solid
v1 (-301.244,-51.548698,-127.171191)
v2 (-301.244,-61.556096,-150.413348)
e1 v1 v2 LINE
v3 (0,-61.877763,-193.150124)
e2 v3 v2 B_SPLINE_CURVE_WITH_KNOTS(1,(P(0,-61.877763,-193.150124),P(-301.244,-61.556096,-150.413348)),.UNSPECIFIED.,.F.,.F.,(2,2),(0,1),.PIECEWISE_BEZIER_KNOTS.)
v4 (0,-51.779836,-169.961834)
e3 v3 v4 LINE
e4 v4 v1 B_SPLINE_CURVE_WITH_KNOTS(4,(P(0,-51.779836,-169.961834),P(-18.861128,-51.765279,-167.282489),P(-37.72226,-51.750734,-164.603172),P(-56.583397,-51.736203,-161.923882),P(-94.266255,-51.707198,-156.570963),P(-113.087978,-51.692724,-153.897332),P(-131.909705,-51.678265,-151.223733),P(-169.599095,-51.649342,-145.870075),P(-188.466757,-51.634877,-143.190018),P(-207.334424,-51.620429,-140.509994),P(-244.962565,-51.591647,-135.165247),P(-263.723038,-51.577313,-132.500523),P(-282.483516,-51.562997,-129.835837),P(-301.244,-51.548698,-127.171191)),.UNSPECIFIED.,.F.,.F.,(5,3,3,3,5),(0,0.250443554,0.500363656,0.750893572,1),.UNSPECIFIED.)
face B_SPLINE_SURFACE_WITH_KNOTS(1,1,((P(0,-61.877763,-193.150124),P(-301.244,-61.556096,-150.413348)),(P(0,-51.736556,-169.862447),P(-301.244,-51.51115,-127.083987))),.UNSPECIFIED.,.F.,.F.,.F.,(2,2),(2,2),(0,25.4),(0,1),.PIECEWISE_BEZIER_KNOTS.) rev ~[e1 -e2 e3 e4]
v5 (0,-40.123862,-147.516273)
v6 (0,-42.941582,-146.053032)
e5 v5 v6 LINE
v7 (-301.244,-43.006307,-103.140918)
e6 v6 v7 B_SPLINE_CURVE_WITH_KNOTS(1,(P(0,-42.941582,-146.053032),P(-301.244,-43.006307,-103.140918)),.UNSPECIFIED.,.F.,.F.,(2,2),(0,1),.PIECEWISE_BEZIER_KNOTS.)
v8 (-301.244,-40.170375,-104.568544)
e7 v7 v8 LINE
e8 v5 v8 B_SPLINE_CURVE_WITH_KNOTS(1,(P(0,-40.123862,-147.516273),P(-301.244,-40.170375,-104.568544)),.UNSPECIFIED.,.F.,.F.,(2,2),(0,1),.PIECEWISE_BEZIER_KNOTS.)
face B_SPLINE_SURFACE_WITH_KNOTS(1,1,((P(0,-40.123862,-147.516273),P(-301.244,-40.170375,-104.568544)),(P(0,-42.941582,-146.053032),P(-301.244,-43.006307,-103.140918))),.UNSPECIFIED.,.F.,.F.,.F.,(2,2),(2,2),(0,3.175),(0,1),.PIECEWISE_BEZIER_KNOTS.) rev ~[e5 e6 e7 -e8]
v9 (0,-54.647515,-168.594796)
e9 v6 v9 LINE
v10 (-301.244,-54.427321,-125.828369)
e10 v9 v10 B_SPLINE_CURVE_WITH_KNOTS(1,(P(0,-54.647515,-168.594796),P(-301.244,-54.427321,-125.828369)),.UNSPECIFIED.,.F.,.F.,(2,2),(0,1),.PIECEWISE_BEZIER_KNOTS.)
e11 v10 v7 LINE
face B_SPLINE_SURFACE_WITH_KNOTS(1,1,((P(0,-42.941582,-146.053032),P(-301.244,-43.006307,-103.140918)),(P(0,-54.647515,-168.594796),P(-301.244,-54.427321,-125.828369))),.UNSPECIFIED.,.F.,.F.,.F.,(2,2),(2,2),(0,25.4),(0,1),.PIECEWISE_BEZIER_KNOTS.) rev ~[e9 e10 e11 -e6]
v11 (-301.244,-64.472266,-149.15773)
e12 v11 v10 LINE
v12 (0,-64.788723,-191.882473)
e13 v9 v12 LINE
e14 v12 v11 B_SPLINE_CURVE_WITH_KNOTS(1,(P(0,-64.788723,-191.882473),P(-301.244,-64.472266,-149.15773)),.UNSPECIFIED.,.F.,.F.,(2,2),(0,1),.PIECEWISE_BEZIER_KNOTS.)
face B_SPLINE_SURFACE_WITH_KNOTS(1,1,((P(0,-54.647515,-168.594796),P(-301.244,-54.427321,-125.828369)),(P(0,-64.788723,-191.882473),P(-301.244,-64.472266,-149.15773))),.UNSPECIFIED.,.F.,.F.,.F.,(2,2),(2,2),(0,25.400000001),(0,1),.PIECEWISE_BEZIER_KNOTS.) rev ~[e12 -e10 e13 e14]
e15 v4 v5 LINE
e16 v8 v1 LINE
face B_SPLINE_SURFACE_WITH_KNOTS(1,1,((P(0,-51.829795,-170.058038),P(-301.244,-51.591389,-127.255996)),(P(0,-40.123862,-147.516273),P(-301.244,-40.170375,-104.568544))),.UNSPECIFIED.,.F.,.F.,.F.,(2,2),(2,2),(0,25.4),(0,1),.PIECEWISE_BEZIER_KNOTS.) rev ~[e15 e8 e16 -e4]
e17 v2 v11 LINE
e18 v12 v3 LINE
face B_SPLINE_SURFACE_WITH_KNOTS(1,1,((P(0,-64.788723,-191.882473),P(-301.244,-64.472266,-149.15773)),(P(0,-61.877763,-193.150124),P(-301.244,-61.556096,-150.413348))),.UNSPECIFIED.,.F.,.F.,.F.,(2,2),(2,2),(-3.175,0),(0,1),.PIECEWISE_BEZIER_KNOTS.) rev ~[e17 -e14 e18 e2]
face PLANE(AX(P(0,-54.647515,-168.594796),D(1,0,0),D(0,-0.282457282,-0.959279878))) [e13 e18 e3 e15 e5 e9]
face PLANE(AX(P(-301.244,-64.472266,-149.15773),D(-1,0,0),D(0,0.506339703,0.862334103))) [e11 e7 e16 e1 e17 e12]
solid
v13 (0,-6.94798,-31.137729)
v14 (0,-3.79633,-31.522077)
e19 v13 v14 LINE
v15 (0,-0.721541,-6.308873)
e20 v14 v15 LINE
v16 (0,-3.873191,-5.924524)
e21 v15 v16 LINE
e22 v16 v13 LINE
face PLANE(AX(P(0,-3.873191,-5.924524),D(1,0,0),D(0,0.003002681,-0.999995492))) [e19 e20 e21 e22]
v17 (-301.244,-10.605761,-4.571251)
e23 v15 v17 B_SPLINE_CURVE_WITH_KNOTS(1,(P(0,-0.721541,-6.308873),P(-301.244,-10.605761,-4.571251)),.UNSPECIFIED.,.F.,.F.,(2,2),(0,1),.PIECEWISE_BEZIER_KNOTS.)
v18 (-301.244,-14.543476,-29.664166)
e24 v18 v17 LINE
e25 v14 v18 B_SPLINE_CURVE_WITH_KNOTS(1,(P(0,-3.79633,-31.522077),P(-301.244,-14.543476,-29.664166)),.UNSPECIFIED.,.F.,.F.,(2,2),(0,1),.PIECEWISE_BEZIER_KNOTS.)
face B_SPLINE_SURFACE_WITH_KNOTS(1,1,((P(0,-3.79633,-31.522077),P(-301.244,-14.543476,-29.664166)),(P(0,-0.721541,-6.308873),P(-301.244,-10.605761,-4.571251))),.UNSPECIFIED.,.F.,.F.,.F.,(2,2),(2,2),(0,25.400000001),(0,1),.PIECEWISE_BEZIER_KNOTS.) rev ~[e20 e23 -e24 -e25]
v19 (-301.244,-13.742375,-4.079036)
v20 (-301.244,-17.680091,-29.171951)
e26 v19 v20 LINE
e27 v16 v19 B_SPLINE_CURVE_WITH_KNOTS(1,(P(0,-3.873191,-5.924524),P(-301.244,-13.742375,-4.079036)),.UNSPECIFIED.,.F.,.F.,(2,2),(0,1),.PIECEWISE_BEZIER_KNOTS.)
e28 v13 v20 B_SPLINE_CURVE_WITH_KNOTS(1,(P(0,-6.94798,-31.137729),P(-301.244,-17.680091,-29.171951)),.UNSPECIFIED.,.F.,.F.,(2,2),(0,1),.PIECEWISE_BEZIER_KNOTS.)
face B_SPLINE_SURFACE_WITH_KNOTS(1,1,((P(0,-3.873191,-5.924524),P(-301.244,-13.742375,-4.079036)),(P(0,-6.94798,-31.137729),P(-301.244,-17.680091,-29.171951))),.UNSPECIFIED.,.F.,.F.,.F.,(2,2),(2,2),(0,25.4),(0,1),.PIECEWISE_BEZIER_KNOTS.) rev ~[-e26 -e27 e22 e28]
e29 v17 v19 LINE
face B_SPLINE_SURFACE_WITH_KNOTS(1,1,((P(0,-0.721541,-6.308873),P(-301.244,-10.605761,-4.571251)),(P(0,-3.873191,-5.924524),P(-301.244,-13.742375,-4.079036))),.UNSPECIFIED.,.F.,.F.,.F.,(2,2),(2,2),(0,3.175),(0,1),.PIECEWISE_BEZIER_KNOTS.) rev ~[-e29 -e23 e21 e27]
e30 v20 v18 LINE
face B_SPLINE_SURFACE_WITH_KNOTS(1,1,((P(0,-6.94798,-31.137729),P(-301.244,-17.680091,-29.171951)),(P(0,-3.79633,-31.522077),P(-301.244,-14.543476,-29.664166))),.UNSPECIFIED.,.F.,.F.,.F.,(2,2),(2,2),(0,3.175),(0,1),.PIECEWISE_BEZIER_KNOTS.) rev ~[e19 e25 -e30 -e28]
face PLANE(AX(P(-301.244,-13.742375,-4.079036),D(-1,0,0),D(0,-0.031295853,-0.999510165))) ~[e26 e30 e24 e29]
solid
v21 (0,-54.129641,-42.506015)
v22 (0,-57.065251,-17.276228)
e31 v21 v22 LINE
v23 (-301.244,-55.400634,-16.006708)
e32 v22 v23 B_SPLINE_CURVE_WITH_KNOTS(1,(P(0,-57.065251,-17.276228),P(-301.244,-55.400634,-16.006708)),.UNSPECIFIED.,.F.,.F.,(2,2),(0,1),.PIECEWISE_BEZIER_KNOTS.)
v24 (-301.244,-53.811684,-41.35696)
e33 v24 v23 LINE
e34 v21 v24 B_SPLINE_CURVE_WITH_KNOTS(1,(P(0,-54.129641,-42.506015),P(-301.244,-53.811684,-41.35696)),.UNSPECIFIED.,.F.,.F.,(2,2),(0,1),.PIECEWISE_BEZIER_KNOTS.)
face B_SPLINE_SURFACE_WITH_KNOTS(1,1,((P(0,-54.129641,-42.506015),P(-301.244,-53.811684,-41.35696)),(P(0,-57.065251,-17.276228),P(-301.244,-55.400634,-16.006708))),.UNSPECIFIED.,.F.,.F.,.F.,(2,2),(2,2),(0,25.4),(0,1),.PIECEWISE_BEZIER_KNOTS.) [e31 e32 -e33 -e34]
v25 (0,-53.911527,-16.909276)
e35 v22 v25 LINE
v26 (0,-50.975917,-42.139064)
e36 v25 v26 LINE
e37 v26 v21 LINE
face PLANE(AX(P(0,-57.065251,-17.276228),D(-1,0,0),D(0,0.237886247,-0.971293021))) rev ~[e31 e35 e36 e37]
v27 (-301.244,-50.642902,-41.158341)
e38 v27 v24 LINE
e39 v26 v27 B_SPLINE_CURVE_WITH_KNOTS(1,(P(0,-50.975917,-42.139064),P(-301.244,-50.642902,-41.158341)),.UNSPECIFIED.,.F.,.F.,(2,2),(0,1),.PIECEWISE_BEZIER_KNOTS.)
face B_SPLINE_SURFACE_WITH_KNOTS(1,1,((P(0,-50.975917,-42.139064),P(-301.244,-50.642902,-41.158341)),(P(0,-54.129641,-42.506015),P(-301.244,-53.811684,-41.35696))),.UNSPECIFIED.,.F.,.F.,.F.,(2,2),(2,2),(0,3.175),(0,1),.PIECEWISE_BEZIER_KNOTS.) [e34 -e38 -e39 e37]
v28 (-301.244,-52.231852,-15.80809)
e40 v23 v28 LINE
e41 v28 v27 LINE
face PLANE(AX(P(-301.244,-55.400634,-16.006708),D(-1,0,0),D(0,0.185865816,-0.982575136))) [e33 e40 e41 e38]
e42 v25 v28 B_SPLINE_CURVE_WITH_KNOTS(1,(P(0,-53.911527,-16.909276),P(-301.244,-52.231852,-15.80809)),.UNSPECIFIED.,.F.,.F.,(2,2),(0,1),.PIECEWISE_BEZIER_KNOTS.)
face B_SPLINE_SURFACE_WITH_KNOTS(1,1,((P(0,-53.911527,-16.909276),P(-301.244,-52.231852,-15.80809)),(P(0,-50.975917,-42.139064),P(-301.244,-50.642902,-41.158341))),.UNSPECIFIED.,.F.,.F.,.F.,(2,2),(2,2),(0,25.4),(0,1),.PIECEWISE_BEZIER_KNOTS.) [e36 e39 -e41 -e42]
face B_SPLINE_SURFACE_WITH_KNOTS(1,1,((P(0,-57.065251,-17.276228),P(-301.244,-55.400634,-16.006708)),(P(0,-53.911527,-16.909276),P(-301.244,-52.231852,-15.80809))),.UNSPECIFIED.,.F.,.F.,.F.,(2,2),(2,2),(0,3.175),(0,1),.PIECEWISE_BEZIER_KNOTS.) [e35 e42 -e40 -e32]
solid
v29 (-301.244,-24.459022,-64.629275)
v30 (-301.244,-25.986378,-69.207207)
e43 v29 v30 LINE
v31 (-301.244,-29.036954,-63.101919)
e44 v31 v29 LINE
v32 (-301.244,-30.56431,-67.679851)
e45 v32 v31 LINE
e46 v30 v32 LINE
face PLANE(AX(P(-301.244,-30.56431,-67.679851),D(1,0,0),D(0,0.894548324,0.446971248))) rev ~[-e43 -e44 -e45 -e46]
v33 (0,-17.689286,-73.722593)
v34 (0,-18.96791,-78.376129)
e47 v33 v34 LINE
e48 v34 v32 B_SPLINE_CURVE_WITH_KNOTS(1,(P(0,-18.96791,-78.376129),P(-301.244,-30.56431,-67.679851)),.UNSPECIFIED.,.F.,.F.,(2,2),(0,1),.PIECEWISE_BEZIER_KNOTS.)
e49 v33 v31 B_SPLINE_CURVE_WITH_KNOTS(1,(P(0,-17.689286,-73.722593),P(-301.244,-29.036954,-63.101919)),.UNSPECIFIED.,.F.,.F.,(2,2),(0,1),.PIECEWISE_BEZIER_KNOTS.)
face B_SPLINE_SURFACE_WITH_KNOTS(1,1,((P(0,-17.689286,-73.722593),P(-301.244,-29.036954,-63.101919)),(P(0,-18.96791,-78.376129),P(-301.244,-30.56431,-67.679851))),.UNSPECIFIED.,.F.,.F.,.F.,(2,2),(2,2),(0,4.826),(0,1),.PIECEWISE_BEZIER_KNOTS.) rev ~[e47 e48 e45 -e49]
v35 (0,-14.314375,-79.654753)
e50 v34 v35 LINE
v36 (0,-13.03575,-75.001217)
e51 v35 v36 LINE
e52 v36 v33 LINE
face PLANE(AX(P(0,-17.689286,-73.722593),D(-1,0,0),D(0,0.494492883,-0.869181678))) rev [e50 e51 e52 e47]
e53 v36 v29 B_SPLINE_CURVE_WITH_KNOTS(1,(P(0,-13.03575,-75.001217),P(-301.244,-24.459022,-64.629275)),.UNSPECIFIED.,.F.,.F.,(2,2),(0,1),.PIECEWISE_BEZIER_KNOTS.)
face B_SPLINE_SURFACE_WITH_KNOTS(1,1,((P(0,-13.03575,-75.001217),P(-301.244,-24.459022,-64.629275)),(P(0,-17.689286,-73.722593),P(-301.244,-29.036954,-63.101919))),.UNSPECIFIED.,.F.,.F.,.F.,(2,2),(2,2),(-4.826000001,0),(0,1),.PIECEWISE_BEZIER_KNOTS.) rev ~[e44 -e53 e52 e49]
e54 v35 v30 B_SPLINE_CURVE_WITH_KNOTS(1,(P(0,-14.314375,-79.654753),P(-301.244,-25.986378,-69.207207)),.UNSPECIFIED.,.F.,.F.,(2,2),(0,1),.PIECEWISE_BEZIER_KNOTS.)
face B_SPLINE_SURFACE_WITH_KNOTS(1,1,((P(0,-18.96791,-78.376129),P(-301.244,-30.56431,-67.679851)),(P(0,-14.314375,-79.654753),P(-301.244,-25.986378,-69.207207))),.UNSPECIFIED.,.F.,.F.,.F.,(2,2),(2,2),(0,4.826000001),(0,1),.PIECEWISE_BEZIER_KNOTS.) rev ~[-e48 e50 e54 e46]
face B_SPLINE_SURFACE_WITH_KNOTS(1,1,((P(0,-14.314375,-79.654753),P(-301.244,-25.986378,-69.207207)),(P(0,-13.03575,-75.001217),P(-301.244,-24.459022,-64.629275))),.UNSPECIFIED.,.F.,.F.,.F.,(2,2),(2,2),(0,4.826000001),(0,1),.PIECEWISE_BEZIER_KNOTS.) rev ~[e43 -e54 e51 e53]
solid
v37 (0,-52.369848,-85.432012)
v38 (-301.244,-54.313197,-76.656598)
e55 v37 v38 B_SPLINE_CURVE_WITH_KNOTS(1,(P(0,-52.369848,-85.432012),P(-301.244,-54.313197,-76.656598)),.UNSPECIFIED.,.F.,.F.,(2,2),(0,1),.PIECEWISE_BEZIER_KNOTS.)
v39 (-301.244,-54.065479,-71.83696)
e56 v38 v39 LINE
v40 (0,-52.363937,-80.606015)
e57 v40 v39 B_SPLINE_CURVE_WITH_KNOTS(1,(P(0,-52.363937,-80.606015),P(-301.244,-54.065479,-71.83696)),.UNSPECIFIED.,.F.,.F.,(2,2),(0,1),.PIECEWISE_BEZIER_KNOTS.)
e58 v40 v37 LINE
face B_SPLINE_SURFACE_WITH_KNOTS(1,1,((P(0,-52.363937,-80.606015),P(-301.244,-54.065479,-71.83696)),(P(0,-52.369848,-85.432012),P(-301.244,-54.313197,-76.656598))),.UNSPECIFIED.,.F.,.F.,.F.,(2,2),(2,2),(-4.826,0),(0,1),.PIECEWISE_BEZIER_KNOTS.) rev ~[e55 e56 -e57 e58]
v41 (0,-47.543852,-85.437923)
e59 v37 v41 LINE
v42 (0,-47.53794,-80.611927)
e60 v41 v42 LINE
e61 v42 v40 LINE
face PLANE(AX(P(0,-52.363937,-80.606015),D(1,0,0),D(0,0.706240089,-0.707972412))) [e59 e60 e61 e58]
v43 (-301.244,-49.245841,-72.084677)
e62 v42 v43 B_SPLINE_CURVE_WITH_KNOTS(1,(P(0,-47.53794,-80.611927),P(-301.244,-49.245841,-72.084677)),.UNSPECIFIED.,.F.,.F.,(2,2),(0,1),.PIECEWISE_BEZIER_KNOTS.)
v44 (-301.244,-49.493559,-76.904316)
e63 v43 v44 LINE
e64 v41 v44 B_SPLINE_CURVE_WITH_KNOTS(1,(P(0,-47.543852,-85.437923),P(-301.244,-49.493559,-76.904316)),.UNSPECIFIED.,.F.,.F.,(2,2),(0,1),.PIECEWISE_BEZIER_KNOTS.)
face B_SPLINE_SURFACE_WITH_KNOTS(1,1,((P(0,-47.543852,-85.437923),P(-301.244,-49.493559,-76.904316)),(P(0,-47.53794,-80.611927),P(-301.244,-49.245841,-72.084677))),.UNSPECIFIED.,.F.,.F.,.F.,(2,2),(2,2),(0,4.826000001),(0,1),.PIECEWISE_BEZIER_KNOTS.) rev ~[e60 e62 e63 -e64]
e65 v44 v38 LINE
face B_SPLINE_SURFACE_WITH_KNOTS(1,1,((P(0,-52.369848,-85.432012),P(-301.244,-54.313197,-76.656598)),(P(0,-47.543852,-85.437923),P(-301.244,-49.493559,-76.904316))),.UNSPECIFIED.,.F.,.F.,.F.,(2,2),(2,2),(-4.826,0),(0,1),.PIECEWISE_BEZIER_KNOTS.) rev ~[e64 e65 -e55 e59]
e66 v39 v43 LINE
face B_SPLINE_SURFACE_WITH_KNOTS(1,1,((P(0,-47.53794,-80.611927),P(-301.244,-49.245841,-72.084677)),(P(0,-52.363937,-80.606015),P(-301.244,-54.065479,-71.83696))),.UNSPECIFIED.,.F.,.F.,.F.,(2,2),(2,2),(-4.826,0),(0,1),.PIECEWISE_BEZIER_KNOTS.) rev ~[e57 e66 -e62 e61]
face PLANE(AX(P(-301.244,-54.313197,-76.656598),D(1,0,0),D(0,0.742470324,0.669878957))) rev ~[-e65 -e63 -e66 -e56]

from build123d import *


with BuildPart() as part:
    # Sketch1 → Loft1 section 0
    with BuildSketch(Plane(origin=(0, 0, 0), x_dir=(0, 0, -1), z_dir=(1, 0, 0))):
        Polygon((5.924524399, -3.873191473), (31.13772874, -6.947980383), (31.522077354, -3.79632984), (6.308873012, -0.72154093), align=None)
    # Sketch2 → Loft1 section 1
    with BuildSketch(Plane(origin=(-301.244, 0, 0), x_dir=(0, 0, -1), z_dir=(1, 0, 0))):
        Polygon((29.66416581, -14.543476344), (4.571250508, -10.60576106), (4.079036097, -13.742375473), (29.171951399, -17.680090757), align=None)
    loft()


with BuildPart() as body_2:
    # Sketch1<3> → Loft2 section 0
    with BuildSketch(Plane(origin=(0, 0, 0), x_dir=(0, 0, -1), z_dir=(1, 0, 0))):
        Polygon((73.722592843, -17.689285792), (78.376128634, -18.967910303), (79.654753145, -14.314374511), (75.001217353, -13.035750001), align=None)
    # Sketch2<3> → Loft2 section 1
    with BuildSketch(Plane(origin=(-301.244, 0, 0), x_dir=(0, 0, -1), z_dir=(1, 0, 0))):
        Polygon((67.679850957, -30.564309841), (63.101919005, -29.03695427), (64.629274577, -24.459022317), (69.207206529, -25.986377889), align=None)
    loft()


with BuildPart() as body_3:
    # Sketch1<4> → Loft3 section 0
    with BuildSketch(Plane(origin=(0, 0, 0), x_dir=(0, 0, -1), z_dir=(1, 0, 0))):
        Polygon((146.053031758, -42.941582115), (168.594795862, -54.647515272), (170.058037507, -51.829794759), (147.516273403, -40.123861602), align=None)
    # Sketch2<4> → Loft3 section 1
    with BuildSketch(Plane(origin=(-301.244, 0, 0), x_dir=(0, 0, -1), z_dir=(1, 0, 0))):
        Polygon((125.828368959, -54.427320521), (103.140917658, -43.006306842), (104.568544368, -40.17037543), (127.255995669, -51.591389108), align=None)
    loft()

    # Sketch1<5> → Loft4 section 0
    with BuildSketch(Plane(origin=(0, 0, 0), x_dir=(0, 0, -1), z_dir=(1, 0, 0))):
        Polygon((168.594795862, -54.647515272), (191.882473097, -64.788722746), (193.150124031, -61.877763092), (169.862446797, -51.736555617), align=None)
    # Sketch2<5> → Loft4 section 1
    with BuildSketch(Plane(origin=(-301.244, 0, 0), x_dir=(0, 0, -1), z_dir=(1, 0, 0))):
        Polygon((149.157729545, -64.472266247), (125.828368959, -54.427320521), (127.083987175, -51.511150448), (150.413347761, -61.556096174), align=None)
    loft()


with BuildPart() as body_4:
    # Sketch1<6> → Loft5 section 0
    with BuildSketch(Plane(origin=(0, 0, 0), x_dir=(0, 0, -1), z_dir=(1, 0, 0))):
        Polygon((80.606015408, -52.363936617), (85.432011787, -52.369848162), (85.437923333, -47.543851783), (80.611926953, -47.537940238), align=None)
    # Sketch2<8> → Loft5 section 1
    with BuildSketch(Plane(origin=(-301.244, 0, 0), x_dir=(0, 0, -1), z_dir=(1, 0, 0))):
        Polygon((76.656597753, -54.31319682), (71.836959606, -54.065478974), (72.084677452, -49.245840827), (76.904315599, -49.493558673), align=None)
    loft()


with BuildPart() as body_5:
    # Sketch1<7> → Loft6 section 0
    with BuildSketch(Plane(origin=(0, 0, 0), x_dir=(0, 0, -1), z_dir=(1, 0, 0))):
        Polygon((17.276227552, -57.065250581), (16.90927633, -53.911527099), (42.139064186, -50.975917325), (42.506015408, -54.129640807), align=None)
    # Sketch2<7> → Loft6 section 1
    with BuildSketch(Plane(origin=(-301.244, 0, 0), x_dir=(0, 0, -1), z_dir=(1, 0, 0))):
        Polygon((41.356959606, -53.811683647), (16.006708373, -55.400633756), (15.80808961, -52.231852352), (41.158340842, -50.642902243), align=None)
    loft()


solid = Compound([part.part, body_2.part, body_3.part, body_4.part, body_5.part])
